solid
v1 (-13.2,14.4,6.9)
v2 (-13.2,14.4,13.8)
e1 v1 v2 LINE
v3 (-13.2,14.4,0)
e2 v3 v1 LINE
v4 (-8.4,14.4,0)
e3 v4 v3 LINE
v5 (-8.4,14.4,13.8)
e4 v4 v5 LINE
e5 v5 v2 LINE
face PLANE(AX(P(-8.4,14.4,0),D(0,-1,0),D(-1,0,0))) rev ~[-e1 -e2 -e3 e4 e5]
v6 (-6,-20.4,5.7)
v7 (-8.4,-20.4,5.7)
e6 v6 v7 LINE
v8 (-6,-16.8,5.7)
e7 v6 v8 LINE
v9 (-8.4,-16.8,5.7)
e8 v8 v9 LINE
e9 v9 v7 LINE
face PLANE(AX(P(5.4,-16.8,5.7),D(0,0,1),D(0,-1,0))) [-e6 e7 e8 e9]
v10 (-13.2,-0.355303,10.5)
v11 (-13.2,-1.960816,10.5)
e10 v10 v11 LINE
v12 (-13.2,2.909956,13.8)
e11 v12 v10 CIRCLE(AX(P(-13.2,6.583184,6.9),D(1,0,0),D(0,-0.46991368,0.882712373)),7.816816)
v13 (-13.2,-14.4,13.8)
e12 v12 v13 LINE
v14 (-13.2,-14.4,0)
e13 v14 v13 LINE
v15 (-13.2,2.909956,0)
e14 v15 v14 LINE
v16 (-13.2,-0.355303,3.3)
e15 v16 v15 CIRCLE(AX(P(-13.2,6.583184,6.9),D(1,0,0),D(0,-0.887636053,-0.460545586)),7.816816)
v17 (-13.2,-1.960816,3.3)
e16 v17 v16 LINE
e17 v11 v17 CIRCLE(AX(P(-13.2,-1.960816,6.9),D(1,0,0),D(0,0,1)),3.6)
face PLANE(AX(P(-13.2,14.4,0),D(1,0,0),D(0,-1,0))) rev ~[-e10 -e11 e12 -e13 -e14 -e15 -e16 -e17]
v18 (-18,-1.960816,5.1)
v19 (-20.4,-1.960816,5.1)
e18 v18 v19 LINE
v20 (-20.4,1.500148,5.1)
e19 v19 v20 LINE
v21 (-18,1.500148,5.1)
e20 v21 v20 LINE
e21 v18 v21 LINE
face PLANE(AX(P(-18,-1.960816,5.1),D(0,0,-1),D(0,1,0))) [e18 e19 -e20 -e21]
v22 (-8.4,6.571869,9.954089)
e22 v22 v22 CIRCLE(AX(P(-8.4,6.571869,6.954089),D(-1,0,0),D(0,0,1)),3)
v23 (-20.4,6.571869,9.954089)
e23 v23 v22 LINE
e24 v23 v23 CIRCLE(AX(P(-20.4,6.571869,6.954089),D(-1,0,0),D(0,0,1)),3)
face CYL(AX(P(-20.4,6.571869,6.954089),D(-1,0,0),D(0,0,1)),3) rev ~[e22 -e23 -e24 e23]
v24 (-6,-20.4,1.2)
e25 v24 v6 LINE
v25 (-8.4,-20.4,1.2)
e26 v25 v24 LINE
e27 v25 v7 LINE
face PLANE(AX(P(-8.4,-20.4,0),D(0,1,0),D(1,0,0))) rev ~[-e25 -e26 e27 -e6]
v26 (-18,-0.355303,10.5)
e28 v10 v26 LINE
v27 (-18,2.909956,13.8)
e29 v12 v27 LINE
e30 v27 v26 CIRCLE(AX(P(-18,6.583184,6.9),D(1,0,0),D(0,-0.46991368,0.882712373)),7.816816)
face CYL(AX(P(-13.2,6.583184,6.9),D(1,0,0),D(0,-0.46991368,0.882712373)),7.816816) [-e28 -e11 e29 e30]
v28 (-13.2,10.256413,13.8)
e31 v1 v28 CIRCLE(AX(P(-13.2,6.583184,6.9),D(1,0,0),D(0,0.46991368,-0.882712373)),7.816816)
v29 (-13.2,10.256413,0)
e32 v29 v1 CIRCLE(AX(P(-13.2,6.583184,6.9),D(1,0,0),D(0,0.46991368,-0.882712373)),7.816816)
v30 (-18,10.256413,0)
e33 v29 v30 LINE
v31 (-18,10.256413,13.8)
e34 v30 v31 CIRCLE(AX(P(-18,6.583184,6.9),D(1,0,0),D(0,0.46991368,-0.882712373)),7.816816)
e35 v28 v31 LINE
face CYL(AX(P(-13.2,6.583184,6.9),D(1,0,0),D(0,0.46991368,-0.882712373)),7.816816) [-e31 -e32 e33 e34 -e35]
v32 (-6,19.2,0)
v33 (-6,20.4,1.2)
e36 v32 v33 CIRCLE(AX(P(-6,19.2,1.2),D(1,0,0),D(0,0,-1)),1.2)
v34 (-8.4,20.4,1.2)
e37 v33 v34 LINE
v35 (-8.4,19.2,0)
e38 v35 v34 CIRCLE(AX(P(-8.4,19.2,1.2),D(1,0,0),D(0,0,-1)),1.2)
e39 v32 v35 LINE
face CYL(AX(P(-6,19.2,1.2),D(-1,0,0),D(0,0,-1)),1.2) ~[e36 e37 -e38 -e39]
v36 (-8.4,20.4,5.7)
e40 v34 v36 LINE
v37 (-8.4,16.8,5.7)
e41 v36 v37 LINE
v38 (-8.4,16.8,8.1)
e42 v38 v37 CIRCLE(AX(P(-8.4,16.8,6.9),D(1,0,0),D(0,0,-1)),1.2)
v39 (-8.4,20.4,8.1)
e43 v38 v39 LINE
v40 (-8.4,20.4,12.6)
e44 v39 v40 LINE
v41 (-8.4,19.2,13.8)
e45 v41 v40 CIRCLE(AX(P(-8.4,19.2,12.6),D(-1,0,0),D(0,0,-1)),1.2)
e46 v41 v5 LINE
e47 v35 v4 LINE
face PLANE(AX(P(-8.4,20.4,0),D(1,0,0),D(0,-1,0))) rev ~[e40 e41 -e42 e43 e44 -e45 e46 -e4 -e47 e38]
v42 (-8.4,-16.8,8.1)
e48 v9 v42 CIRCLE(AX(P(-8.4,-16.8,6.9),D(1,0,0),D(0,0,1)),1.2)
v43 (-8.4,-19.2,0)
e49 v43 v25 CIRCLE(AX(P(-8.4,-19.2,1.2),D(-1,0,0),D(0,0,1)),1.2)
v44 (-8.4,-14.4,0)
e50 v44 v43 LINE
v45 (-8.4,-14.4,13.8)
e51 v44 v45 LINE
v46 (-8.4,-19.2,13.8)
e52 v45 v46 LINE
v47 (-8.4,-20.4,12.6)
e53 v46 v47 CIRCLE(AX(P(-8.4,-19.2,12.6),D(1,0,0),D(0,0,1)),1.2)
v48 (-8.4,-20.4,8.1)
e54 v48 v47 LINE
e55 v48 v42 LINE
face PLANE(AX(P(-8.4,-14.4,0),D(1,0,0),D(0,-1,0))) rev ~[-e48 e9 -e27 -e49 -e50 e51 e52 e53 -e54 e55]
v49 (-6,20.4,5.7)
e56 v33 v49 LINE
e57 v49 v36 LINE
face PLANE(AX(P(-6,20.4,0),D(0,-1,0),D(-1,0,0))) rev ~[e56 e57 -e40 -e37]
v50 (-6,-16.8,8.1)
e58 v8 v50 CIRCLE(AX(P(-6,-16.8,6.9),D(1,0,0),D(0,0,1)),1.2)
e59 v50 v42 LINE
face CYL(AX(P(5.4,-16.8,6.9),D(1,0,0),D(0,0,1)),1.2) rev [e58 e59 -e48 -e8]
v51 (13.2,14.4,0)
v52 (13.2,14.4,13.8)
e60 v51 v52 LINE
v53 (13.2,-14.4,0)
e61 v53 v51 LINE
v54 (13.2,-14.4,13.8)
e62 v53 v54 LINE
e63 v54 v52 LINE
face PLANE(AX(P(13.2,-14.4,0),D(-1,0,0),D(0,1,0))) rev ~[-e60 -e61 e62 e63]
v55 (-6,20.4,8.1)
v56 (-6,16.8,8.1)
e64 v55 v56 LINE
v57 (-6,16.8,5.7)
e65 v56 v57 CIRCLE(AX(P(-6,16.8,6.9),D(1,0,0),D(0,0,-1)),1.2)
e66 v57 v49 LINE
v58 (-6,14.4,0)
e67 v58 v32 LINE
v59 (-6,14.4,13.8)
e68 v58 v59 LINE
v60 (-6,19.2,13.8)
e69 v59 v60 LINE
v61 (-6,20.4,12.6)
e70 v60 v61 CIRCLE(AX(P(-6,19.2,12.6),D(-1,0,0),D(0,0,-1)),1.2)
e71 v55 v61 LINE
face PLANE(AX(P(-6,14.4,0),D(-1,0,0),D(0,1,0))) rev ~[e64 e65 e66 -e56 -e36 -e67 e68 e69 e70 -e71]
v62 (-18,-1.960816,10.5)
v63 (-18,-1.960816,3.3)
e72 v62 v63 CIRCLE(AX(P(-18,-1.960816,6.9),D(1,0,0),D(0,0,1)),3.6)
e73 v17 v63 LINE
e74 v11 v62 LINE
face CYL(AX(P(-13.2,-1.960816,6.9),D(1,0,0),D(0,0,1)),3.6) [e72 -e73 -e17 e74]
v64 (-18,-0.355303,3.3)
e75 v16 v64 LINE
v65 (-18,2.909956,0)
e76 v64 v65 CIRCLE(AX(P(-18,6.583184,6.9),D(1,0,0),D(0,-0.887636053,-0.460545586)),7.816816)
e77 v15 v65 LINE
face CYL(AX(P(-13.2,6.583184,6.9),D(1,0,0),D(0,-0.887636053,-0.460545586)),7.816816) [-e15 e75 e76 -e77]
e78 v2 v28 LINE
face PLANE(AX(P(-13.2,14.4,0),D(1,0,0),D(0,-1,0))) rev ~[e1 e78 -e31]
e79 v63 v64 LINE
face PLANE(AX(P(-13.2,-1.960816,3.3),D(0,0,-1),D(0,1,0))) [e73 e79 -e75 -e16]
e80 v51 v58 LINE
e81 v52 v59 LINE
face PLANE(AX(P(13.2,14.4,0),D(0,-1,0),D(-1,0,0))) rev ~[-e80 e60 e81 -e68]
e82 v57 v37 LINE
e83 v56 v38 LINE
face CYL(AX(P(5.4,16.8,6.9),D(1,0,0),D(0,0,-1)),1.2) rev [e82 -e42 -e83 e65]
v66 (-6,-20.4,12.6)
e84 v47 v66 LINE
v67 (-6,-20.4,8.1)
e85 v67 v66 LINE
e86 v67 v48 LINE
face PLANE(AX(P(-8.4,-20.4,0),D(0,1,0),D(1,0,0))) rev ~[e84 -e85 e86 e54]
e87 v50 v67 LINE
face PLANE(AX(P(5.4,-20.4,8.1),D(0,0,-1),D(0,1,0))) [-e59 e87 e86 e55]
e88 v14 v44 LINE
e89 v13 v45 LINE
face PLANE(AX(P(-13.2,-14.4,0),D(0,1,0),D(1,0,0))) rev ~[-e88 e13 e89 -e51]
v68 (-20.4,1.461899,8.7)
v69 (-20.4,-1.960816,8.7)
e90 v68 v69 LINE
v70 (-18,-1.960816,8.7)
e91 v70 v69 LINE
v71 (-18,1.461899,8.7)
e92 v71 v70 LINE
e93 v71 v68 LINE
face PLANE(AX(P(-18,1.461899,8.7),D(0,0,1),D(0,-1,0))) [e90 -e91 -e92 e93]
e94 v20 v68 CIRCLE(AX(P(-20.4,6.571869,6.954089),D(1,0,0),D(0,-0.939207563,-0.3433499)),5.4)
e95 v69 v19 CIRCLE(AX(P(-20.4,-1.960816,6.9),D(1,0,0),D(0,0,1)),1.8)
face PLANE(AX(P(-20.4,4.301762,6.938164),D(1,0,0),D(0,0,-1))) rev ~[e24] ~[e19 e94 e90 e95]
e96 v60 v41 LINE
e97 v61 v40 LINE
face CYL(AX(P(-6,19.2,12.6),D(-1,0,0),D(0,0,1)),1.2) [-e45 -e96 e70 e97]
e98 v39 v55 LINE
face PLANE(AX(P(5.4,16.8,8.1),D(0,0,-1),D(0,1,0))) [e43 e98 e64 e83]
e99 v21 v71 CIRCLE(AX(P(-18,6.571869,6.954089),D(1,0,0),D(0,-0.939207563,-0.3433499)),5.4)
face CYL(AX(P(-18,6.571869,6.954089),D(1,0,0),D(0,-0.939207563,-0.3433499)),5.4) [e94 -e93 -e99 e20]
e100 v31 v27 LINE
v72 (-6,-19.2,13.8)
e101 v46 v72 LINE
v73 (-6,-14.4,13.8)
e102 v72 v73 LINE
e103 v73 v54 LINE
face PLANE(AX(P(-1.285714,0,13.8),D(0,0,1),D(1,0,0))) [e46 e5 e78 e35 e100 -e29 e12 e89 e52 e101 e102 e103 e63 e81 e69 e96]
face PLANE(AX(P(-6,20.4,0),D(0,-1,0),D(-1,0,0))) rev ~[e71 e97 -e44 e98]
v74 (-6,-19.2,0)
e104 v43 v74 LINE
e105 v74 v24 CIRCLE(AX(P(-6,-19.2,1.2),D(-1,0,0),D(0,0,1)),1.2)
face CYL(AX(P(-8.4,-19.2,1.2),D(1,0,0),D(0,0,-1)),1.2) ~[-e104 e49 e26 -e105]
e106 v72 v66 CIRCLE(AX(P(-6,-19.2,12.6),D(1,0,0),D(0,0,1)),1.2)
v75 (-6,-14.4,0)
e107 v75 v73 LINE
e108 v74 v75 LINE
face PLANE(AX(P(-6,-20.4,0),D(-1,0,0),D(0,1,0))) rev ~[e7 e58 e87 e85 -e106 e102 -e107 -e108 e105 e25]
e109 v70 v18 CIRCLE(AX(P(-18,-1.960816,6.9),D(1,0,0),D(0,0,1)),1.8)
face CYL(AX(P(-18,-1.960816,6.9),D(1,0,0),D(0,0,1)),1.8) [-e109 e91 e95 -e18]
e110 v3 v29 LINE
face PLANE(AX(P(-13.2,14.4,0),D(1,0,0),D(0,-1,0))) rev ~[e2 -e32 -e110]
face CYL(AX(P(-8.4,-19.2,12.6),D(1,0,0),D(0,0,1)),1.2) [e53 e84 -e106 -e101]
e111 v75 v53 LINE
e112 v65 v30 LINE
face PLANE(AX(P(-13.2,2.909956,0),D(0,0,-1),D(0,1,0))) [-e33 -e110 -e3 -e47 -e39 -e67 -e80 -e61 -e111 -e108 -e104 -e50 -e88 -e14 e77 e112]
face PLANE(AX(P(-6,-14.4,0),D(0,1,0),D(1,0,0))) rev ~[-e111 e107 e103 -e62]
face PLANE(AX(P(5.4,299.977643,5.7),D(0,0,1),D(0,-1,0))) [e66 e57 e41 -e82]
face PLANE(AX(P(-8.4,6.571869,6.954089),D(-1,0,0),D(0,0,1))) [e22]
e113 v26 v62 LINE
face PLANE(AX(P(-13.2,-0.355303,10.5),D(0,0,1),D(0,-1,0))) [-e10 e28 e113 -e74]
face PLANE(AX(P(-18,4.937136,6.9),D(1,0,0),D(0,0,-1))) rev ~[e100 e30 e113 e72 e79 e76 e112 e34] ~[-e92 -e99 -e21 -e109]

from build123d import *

# Parameters (mm, degrees)
BOSS_EXTRU_2_DEPTH           = 13.8
ENL_V_MAT_EXTRU_1_DEPTH      = 33.759120867
ENL_V_MAT_EXTRU_1_DEPTH_BACK = 13.8
CONG_1_R                     = 1.2
ENL_V_MAT_EXTRU_4_DEPTH      = 33.759120867
ENL_V_MAT_EXTRU_4_DEPTH_BACK = 13.8
CONG_2_R                     = 1.2
BOSS_EXTRU_4_DEPTH           = 4.8
BOSS_EXTRU_5_DEPTH           = 2.4
ESQUISSE8_R                  = 3
ENL_V_MAT_EXTRU_5_DEPTH      = 12


with BuildPart() as part:
    # Esquisse1 → Boss.-Extru.2 (new body)
    with BuildSketch(Plane.XY):
        Polygon((-8.4, 14.4), (-13.2, 14.4), (-13.2, -14.4), (-8.4, -14.4), (-8.4, -20.4), (-6, -20.4), (-6, -14.4), (13.2, -14.4), (13.2, 14.4), (-6, 14.4), (-6, 20.4), (-8.4, 20.4), align=None)
    extrude(amount=BOSS_EXTRU_2_DEPTH)

    # Esquisse3 → Enlèv. mat.-Extru.1 (cut, two sides: drawn at the far end of the back side and taken through both)
    with BuildSketch(Plane.ZY.offset(8.4).offset(-ENL_V_MAT_EXTRU_1_DEPTH_BACK)):
        with BuildLine():
            Line((5.7, 113.592547743), (5.7, 20.4))
            Line((5.7, 20.4), (5.7, 16.8))
            ThreePointArc((5.7, 16.8), (6.9, 15.6), (8.1, 16.8))
            Line((8.1, 16.8), (8.1, 20.4))
            Line((8.1, 20.4), (8.1, 113.592547743))
            Line((8.1, 113.592547743), (8.1, 299.97764323))
            Line((8.1, 299.97764323), (5.7, 299.97764323))
            Line((5.7, 299.97764323), (5.7, 113.592547743))
        make_face()
    extrude(amount=ENL_V_MAT_EXTRU_1_DEPTH + ENL_V_MAT_EXTRU_1_DEPTH_BACK, mode=Mode.SUBTRACT)

    # Congé1
    cong_1_edges = [part.edges().sort_by_distance(p)[0] for p in [
        (-7.2, 20.4, 0),
        (-7.2, 20.4, 13.8),
    ]]
    fillet(cong_1_edges, radius=CONG_1_R)

    # Esquisse5 → Enlèv. mat.-Extru.4 (cut, two sides: drawn at the far end of the back side and taken through both)
    with BuildSketch(Plane.ZY.offset(8.4).offset(-ENL_V_MAT_EXTRU_4_DEPTH_BACK)):
        with BuildLine():
            Line((5.7, -16.8), (5.7, -20.4))
            Line((5.7, -20.4), (8.1, -20.4))
            Line((8.1, -20.4), (8.1, -16.8))
            ThreePointArc((8.1, -16.8), (6.9, -15.6), (5.7, -16.8))
        make_face()
    extrude(amount=ENL_V_MAT_EXTRU_4_DEPTH + ENL_V_MAT_EXTRU_4_DEPTH_BACK, mode=Mode.SUBTRACT)

    # Congé2
    cong_2_edges = [part.edges().sort_by_distance(p)[0] for p in [
        (-7.2, -20.4, 0),
        (-7.2, -20.4, 13.8),
    ]]
    fillet(cong_2_edges, radius=CONG_2_R)

    # Esquisse6 → Boss.-Extru.4 (add)
    with BuildSketch(Plane.ZY.offset(13.2)):
        with BuildLine():
            Line((3.3, -1.960815773), (3.3, -0.355303277))
            ThreePointArc((3.3, -0.355303277), (1.40200229, 1.026689827), (0, 2.909955561))
            Line((0, 2.909955561), (0, 10.256412893))
            ThreePointArc((0, 10.256412893), (6.9, 14.4), (13.8, 10.256412893))
            Line((13.8, 10.256412893), (13.8, 2.909955561))
            ThreePointArc((13.8, 2.909955561), (12.39799771, 1.026689827), (10.5, -0.355303277))
            Line((10.5, -0.355303277), (10.5, -1.960815773))
            ThreePointArc((10.5, -1.960815773), (6.9, -5.560815773), (3.3, -1.960815773))
        make_face()
    extrude(amount=BOSS_EXTRU_4_DEPTH)

    # Esquisse7 → Boss.-Extru.5 (add)
    with BuildSketch(Plane.ZY.offset(18)):
        with BuildLine():
            Line((5.1, -1.960815773), (5.1, 1.500148416))
            ThreePointArc((5.1, 1.500148416), (7.011460398, 11.971564485), (8.7, 1.461898964))
            Line((8.7, 1.461898964), (8.7, -1.960815773))
            ThreePointArc((8.7, -1.960815773), (6.9, -3.760815773), (5.1, -1.960815773))
        make_face()
    extrude(amount=BOSS_EXTRU_5_DEPTH)

    # Esquisse8 → Enlèv. mat.-Extru.5 (cut)
    with BuildSketch(Plane.ZY.offset(20.4)):
        with Locations((6.954089459, 6.571869256)):
            Circle(ESQUISSE8_R)
    extrude(amount=-ENL_V_MAT_EXTRU_5_DEPTH, mode=Mode.SUBTRACT)


solid = part.part
